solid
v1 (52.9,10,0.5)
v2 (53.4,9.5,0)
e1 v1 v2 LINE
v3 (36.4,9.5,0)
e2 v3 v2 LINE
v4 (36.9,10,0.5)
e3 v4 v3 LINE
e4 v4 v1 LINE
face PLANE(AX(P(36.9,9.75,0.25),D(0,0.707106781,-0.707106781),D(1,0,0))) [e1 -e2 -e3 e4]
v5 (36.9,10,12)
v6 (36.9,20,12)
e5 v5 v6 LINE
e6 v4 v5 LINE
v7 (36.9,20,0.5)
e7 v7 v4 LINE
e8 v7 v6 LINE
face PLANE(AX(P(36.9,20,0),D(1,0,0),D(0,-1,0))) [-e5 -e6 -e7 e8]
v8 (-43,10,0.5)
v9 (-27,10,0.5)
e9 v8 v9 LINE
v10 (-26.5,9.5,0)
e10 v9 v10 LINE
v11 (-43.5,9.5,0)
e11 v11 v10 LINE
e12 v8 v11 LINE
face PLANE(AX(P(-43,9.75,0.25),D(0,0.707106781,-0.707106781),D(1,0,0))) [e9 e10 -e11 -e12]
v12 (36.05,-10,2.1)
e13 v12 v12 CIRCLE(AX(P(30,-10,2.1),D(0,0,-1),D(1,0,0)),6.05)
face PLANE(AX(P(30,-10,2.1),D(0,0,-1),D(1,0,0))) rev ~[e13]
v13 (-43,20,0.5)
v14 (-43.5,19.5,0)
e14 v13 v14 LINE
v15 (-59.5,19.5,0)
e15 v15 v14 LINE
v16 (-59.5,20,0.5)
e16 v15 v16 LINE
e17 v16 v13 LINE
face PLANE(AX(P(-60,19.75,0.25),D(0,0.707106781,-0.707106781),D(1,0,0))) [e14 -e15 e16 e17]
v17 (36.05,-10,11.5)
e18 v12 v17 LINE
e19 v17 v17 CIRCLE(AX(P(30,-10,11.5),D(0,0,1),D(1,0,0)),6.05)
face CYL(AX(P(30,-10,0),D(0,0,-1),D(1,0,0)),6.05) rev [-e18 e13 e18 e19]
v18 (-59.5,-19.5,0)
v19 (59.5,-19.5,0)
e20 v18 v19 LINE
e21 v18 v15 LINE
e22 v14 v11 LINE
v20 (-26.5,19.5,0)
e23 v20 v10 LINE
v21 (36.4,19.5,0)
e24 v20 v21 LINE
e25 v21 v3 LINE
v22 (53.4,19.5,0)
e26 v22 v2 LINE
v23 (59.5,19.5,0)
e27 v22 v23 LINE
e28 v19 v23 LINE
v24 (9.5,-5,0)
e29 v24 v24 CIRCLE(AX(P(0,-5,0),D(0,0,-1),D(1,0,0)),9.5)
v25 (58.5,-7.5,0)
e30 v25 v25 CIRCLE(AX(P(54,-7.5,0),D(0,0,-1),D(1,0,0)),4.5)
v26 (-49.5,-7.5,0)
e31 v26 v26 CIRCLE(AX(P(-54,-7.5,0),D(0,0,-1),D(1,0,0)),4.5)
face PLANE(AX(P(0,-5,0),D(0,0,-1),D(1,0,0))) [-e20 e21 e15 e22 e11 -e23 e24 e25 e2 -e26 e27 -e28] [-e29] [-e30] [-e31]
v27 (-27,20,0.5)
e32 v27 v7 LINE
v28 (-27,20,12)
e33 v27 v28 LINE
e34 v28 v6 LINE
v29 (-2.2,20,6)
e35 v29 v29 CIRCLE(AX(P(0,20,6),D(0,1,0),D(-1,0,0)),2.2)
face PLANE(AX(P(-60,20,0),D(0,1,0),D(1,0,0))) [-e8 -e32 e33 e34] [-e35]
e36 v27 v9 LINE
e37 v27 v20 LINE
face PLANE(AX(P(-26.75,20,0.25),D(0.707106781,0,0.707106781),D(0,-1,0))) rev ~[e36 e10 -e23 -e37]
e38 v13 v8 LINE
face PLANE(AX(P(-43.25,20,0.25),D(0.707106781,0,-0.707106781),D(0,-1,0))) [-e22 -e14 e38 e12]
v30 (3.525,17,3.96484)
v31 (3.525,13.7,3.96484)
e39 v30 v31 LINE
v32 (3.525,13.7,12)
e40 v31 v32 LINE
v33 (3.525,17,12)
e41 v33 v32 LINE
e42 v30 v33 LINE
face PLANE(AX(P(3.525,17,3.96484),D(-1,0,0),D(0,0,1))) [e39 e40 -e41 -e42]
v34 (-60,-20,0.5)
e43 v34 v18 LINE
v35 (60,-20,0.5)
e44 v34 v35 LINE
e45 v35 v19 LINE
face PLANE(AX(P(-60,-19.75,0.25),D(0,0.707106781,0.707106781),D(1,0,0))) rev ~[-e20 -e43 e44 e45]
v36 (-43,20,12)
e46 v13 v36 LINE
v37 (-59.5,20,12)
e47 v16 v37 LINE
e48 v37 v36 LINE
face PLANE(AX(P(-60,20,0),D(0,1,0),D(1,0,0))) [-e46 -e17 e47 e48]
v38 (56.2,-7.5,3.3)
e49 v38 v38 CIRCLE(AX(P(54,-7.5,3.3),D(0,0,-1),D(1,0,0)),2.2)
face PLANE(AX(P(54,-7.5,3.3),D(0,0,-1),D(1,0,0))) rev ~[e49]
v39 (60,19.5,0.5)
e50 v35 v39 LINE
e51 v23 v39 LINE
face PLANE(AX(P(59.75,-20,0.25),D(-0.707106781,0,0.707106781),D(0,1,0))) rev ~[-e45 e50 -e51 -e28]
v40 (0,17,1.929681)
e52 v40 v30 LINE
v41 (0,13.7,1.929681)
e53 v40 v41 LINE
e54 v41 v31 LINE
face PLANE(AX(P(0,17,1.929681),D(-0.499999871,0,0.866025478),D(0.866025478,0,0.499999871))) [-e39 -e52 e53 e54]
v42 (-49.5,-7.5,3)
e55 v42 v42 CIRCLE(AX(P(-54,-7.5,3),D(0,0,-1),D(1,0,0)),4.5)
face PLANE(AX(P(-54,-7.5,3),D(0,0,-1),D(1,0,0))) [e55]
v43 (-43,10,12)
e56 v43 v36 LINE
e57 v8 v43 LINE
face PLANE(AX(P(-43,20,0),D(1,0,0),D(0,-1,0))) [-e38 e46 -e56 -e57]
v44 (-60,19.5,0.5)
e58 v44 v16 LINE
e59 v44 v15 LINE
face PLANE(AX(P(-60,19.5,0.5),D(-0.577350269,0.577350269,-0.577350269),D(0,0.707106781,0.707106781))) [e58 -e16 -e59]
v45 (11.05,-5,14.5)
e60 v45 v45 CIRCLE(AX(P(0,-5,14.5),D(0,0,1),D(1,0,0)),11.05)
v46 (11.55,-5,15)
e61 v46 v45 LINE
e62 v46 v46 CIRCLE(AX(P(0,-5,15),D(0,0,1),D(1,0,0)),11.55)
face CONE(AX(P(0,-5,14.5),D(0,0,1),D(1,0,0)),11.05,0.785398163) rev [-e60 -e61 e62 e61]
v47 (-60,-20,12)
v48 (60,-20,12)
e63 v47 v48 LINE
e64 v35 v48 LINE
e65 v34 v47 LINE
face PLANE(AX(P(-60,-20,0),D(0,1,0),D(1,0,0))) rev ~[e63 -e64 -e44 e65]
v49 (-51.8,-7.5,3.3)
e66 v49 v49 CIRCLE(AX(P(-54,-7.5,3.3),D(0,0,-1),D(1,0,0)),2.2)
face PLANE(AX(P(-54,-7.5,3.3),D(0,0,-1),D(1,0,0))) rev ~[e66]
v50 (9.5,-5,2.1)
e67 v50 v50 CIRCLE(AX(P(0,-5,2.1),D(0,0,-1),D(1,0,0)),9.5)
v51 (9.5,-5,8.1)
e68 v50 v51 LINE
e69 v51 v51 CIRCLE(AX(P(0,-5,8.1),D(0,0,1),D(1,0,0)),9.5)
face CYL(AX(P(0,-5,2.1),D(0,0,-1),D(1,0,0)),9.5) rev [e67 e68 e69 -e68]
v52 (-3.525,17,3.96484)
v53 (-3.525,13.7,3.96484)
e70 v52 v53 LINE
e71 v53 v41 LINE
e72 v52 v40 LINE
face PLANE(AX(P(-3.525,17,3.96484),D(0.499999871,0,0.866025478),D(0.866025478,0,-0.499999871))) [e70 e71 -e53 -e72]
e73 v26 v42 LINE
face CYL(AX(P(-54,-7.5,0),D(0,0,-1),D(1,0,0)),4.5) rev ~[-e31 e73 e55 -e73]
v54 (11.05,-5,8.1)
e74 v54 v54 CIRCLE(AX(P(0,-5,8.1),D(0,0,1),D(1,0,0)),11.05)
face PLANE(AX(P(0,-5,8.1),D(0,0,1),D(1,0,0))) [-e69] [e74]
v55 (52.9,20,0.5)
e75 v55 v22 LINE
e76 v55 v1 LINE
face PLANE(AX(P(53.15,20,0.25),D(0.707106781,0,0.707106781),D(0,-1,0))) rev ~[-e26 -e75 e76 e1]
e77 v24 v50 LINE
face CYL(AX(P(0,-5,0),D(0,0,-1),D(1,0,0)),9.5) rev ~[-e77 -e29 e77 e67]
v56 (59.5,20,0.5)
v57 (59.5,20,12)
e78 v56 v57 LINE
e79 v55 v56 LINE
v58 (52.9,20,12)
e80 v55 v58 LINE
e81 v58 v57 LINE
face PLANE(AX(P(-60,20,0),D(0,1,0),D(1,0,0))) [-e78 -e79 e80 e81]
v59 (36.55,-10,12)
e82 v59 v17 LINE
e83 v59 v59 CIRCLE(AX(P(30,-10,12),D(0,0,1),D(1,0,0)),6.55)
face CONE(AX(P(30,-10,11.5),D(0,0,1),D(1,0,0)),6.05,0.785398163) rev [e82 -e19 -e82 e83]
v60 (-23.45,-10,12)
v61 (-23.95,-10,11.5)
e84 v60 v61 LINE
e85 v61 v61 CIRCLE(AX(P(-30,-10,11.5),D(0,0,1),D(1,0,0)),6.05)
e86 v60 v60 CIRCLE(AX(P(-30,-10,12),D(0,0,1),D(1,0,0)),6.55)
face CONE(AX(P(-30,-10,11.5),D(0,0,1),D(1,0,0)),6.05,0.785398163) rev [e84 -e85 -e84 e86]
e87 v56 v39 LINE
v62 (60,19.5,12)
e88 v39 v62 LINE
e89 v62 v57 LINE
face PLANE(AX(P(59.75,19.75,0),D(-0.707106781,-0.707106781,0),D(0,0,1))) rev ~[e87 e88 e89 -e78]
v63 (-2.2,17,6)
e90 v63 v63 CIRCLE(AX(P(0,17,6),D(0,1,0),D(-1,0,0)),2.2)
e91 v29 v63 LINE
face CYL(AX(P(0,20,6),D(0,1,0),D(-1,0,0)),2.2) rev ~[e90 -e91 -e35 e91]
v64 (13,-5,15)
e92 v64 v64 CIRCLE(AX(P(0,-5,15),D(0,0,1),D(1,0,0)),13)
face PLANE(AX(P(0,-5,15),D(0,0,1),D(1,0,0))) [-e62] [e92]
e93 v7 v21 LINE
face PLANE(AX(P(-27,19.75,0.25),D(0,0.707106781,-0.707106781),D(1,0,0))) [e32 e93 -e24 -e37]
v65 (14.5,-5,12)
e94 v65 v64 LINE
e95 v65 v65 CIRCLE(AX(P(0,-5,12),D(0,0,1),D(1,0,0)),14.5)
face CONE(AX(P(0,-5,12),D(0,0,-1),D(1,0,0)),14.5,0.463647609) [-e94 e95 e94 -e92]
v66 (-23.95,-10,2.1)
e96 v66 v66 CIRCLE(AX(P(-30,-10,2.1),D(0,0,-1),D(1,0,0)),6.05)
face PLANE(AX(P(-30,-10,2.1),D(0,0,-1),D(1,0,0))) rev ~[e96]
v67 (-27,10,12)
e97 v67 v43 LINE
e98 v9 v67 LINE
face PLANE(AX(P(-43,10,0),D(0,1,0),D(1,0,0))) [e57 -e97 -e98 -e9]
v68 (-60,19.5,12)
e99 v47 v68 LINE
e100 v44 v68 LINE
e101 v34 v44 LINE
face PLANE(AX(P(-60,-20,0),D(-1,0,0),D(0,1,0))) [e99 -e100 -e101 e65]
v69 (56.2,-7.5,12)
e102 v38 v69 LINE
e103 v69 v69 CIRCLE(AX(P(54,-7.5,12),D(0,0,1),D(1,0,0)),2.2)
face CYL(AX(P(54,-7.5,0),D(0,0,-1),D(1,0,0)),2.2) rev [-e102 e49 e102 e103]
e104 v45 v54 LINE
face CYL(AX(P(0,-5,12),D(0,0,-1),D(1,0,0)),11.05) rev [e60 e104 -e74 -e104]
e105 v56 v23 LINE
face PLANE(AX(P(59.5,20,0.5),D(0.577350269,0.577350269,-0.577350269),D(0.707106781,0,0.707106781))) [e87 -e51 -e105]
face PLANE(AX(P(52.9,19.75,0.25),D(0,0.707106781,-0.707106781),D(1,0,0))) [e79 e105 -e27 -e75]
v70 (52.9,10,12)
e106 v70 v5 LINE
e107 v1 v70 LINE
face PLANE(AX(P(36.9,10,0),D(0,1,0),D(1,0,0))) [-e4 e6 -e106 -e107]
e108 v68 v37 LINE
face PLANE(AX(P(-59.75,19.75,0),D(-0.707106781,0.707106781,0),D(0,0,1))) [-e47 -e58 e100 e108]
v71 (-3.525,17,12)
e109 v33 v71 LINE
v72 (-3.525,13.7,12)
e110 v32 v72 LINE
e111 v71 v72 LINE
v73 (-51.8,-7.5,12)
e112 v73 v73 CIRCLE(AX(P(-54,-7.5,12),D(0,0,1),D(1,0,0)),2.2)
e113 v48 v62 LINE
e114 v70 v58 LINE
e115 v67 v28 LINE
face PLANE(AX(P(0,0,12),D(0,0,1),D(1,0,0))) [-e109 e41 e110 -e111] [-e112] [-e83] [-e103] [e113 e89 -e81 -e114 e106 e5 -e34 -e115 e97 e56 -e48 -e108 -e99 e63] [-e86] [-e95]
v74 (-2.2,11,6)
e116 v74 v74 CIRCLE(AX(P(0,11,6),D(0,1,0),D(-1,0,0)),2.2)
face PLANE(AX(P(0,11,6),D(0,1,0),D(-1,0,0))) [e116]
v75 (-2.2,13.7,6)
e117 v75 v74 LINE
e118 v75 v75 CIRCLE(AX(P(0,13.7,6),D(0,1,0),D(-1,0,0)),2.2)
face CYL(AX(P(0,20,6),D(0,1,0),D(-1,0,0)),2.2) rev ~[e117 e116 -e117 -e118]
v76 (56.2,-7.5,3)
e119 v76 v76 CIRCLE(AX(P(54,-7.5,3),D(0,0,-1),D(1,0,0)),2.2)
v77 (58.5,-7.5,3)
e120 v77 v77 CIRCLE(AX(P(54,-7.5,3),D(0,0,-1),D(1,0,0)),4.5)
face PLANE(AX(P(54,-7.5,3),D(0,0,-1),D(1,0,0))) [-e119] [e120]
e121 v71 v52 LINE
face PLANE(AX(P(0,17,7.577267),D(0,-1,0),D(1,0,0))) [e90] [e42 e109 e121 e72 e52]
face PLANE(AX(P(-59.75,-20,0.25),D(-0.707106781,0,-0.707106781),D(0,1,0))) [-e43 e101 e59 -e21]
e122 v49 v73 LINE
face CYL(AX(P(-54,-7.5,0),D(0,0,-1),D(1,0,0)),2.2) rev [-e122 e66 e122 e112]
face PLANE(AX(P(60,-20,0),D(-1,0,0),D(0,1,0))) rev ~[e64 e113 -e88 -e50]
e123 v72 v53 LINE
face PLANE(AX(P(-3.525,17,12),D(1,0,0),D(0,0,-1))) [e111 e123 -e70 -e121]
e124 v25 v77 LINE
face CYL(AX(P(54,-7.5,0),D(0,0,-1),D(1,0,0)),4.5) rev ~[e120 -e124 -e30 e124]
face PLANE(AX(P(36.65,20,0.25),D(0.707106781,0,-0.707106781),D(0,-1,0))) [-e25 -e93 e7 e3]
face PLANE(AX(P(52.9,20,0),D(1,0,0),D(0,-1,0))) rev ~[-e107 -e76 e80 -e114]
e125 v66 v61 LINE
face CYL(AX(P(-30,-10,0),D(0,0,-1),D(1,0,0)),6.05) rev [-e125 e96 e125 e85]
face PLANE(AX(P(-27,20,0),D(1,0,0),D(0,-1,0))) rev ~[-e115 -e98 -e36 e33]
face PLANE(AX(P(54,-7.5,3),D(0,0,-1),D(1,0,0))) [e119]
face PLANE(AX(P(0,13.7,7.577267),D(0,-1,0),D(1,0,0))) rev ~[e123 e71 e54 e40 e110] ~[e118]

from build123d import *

# Parameters (mm, degrees)
PAD005_DEPTH    = 3.3
SKETCH_W        = 120
SKETCH_H        = 40
SKETCH_R        = 6.05
SKETCH_R_2      = 2.2
SKETCH_R_3      = 11.05
PAD_DEPTH       = 12
SKETCH001_W     = 16
SKETCH001_H     = 10
POCKET_DEPTH    = 12.001
SKETCH002_R     = 4.5
POCKET001_DEPTH = 3
SKETCH003_R     = 11.05
SKETCH003_R_2   = 9.5
SKETCH003_R_3   = 6.05
PAD001_DEPTH    = 2.1
SKETCH005_R     = 11.05
SKETCH005_R_2   = 9.5
PAD002_DEPTH    = 6
SKETCH006_R     = 13
SKETCH006_R_2   = 11.05
PAD003_DEPTH    = 3
SKETCH008_R     = 2.2
POCKET002_DEPTH = 9
CHAMFER_SIZE    = 0.5
CHAMFER001_SIZE = 0.5
SKETCH004_R     = 2.2
PAD006_DEPTH    = 0.3


with BuildPart() as fixierungsmutter:
    # Sketch009 → Pad005 (new body)
    with BuildSketch(Plane.XZ.offset(-17)):
        Polygon((3.525, 3.96484), (3.525, 8.03516), (3.525, 12), (-3.525, 12), (-3.525, 8.03516), (-3.525, 3.96484), (0, 1.929681), align=None)
    extrude(amount=PAD005_DEPTH)


with BuildPart() as verstaerkung_halterung_lager:
    # Sketch007 → Revolution (revolve)
    with BuildSketch(Plane.XZ.offset(5)):
        Polygon((13, 15), (13, 12), (14.5, 12), align=None)
    revolve(axis=Axis((0, -5, 0), (0, 0, 1)))


with BuildPart() as druckbar:
    # Sketch → Pad (new body)
    with BuildSketch(Plane.XY):
        Rectangle(SKETCH_W, SKETCH_H)
        with Locations((-30, -10)):
            Circle(SKETCH_R, mode=Mode.SUBTRACT)
        with Locations((30, -10)):
            Circle(SKETCH_R, mode=Mode.SUBTRACT)
        with Locations((-54, -7.5)):
            Circle(SKETCH_R_2, mode=Mode.SUBTRACT)
        with Locations((54, -7.5)):
            Circle(SKETCH_R_2, mode=Mode.SUBTRACT)
        with Locations((0, -5)):
            Circle(SKETCH_R_3, mode=Mode.SUBTRACT)
    extrude(amount=PAD_DEPTH)

    # Sketch001 → Pocket (cut, through all)
    with BuildSketch(Plane(origin=(0, 0, 0), x_dir=(1, 0, 0), z_dir=(0, 0, -1))):
        with Locations((-35, -15)):
            Rectangle(SKETCH001_W, SKETCH001_H)
        with Locations((44.9, -15)):
            Rectangle(SKETCH001_W, SKETCH001_H)
    extrude(amount=-POCKET_DEPTH, mode=Mode.SUBTRACT)

    # Sketch002 → Pocket001 (cut)
    with BuildSketch(Plane(origin=(0, 0, 0), x_dir=(1, 0, 0), z_dir=(0, 0, -1))):
        with Locations((-54, 7.5)):
            Circle(SKETCH002_R)
        with Locations((54, 7.5)):
            Circle(SKETCH002_R)
    extrude(amount=-POCKET001_DEPTH, mode=Mode.SUBTRACT)

    # Sketch003 → Pad001 (new body)
    with BuildSketch(Plane(origin=(0, 0, 0), x_dir=(1, 0, 0), z_dir=(0, 0, -1))):
        with Locations((0, 5)):
            Circle(SKETCH003_R)
        with Locations((0, 5)):
            Circle(SKETCH003_R_2, mode=Mode.SUBTRACT)
        with Locations((-30, 10)):
            Circle(SKETCH003_R_3)
        with Locations((30, 10)):
            Circle(SKETCH003_R_3)
    extrude(amount=-PAD001_DEPTH)

    # Sketch005 → Pad002 (new body)
    with BuildSketch(Plane.XY.offset(2.1)):
        with Locations((0, -5)):
            Circle(SKETCH005_R)
        with Locations((0, -5)):
            Circle(SKETCH005_R_2, mode=Mode.SUBTRACT)
    extrude(amount=PAD002_DEPTH)

    # Sketch006 → Pad003 (new body)
    with BuildSketch(Plane.XY.offset(12)):
        with Locations((0, -5)):
            Circle(SKETCH006_R)
        with Locations((0, -5)):
            Circle(SKETCH006_R_2, mode=Mode.SUBTRACT)
    extrude(amount=PAD003_DEPTH)

    # Fusion: union Verstaerkung Halterung Lager
    add(verstaerkung_halterung_lager.part)

    # Sketch008 → Pocket002 (cut)
    with BuildSketch(Plane(origin=(0, 20, 0), x_dir=(-1, 0, 0), z_dir=(0, 1, 0))):
        with Locations((0, 6)):
            Circle(SKETCH008_R)
    extrude(amount=-POCKET002_DEPTH, mode=Mode.SUBTRACT)

    # Cut: cut Fixierungsmutter
    add(fixierungsmutter.part, mode=Mode.SUBTRACT)

    # Chamfer
    chamfer_edges = [druckbar.edges().sort_by_distance(p)[0] for p in [
        (23.95, -10, 12),
        (-11.05, -5, 15),
        (-36.05, -10, 12),
    ]]
    chamfer(chamfer_edges, length=CHAMFER_SIZE)

    # Chamfer001
    chamfer001_edges = [druckbar.edges().sort_by_distance(p)[0] for p in [
        (0, -20, 0),
        (60, 0, 0),
        (56.45, 20, 0),
        (52.9, 15, 0),
        (44.9, 10, 0),
        (36.9, 15, 0),
        (4.95, 20, 0),
        (-27, 15, 0),
        (-35, 10, 0),
        (-43, 15, 0),
        (-51.5, 20, 0),
        (-60, 0, 0),
        (-60, 20, 6),
        (60, 20, 6),
    ]]
    chamfer(chamfer001_edges, length=CHAMFER001_SIZE)

    # Sketch004 → Pad006 (new body)
    with BuildSketch(Plane(origin=(0, 0, 3), x_dir=(1, 0, 0), z_dir=(0, 0, -1))):
        with Locations((-54, 7.5)):
            Circle(SKETCH004_R)
        with Locations((54, 7.5)):
            Circle(SKETCH004_R)
    extrude(amount=-PAD006_DEPTH)


solid = druckbar.part
